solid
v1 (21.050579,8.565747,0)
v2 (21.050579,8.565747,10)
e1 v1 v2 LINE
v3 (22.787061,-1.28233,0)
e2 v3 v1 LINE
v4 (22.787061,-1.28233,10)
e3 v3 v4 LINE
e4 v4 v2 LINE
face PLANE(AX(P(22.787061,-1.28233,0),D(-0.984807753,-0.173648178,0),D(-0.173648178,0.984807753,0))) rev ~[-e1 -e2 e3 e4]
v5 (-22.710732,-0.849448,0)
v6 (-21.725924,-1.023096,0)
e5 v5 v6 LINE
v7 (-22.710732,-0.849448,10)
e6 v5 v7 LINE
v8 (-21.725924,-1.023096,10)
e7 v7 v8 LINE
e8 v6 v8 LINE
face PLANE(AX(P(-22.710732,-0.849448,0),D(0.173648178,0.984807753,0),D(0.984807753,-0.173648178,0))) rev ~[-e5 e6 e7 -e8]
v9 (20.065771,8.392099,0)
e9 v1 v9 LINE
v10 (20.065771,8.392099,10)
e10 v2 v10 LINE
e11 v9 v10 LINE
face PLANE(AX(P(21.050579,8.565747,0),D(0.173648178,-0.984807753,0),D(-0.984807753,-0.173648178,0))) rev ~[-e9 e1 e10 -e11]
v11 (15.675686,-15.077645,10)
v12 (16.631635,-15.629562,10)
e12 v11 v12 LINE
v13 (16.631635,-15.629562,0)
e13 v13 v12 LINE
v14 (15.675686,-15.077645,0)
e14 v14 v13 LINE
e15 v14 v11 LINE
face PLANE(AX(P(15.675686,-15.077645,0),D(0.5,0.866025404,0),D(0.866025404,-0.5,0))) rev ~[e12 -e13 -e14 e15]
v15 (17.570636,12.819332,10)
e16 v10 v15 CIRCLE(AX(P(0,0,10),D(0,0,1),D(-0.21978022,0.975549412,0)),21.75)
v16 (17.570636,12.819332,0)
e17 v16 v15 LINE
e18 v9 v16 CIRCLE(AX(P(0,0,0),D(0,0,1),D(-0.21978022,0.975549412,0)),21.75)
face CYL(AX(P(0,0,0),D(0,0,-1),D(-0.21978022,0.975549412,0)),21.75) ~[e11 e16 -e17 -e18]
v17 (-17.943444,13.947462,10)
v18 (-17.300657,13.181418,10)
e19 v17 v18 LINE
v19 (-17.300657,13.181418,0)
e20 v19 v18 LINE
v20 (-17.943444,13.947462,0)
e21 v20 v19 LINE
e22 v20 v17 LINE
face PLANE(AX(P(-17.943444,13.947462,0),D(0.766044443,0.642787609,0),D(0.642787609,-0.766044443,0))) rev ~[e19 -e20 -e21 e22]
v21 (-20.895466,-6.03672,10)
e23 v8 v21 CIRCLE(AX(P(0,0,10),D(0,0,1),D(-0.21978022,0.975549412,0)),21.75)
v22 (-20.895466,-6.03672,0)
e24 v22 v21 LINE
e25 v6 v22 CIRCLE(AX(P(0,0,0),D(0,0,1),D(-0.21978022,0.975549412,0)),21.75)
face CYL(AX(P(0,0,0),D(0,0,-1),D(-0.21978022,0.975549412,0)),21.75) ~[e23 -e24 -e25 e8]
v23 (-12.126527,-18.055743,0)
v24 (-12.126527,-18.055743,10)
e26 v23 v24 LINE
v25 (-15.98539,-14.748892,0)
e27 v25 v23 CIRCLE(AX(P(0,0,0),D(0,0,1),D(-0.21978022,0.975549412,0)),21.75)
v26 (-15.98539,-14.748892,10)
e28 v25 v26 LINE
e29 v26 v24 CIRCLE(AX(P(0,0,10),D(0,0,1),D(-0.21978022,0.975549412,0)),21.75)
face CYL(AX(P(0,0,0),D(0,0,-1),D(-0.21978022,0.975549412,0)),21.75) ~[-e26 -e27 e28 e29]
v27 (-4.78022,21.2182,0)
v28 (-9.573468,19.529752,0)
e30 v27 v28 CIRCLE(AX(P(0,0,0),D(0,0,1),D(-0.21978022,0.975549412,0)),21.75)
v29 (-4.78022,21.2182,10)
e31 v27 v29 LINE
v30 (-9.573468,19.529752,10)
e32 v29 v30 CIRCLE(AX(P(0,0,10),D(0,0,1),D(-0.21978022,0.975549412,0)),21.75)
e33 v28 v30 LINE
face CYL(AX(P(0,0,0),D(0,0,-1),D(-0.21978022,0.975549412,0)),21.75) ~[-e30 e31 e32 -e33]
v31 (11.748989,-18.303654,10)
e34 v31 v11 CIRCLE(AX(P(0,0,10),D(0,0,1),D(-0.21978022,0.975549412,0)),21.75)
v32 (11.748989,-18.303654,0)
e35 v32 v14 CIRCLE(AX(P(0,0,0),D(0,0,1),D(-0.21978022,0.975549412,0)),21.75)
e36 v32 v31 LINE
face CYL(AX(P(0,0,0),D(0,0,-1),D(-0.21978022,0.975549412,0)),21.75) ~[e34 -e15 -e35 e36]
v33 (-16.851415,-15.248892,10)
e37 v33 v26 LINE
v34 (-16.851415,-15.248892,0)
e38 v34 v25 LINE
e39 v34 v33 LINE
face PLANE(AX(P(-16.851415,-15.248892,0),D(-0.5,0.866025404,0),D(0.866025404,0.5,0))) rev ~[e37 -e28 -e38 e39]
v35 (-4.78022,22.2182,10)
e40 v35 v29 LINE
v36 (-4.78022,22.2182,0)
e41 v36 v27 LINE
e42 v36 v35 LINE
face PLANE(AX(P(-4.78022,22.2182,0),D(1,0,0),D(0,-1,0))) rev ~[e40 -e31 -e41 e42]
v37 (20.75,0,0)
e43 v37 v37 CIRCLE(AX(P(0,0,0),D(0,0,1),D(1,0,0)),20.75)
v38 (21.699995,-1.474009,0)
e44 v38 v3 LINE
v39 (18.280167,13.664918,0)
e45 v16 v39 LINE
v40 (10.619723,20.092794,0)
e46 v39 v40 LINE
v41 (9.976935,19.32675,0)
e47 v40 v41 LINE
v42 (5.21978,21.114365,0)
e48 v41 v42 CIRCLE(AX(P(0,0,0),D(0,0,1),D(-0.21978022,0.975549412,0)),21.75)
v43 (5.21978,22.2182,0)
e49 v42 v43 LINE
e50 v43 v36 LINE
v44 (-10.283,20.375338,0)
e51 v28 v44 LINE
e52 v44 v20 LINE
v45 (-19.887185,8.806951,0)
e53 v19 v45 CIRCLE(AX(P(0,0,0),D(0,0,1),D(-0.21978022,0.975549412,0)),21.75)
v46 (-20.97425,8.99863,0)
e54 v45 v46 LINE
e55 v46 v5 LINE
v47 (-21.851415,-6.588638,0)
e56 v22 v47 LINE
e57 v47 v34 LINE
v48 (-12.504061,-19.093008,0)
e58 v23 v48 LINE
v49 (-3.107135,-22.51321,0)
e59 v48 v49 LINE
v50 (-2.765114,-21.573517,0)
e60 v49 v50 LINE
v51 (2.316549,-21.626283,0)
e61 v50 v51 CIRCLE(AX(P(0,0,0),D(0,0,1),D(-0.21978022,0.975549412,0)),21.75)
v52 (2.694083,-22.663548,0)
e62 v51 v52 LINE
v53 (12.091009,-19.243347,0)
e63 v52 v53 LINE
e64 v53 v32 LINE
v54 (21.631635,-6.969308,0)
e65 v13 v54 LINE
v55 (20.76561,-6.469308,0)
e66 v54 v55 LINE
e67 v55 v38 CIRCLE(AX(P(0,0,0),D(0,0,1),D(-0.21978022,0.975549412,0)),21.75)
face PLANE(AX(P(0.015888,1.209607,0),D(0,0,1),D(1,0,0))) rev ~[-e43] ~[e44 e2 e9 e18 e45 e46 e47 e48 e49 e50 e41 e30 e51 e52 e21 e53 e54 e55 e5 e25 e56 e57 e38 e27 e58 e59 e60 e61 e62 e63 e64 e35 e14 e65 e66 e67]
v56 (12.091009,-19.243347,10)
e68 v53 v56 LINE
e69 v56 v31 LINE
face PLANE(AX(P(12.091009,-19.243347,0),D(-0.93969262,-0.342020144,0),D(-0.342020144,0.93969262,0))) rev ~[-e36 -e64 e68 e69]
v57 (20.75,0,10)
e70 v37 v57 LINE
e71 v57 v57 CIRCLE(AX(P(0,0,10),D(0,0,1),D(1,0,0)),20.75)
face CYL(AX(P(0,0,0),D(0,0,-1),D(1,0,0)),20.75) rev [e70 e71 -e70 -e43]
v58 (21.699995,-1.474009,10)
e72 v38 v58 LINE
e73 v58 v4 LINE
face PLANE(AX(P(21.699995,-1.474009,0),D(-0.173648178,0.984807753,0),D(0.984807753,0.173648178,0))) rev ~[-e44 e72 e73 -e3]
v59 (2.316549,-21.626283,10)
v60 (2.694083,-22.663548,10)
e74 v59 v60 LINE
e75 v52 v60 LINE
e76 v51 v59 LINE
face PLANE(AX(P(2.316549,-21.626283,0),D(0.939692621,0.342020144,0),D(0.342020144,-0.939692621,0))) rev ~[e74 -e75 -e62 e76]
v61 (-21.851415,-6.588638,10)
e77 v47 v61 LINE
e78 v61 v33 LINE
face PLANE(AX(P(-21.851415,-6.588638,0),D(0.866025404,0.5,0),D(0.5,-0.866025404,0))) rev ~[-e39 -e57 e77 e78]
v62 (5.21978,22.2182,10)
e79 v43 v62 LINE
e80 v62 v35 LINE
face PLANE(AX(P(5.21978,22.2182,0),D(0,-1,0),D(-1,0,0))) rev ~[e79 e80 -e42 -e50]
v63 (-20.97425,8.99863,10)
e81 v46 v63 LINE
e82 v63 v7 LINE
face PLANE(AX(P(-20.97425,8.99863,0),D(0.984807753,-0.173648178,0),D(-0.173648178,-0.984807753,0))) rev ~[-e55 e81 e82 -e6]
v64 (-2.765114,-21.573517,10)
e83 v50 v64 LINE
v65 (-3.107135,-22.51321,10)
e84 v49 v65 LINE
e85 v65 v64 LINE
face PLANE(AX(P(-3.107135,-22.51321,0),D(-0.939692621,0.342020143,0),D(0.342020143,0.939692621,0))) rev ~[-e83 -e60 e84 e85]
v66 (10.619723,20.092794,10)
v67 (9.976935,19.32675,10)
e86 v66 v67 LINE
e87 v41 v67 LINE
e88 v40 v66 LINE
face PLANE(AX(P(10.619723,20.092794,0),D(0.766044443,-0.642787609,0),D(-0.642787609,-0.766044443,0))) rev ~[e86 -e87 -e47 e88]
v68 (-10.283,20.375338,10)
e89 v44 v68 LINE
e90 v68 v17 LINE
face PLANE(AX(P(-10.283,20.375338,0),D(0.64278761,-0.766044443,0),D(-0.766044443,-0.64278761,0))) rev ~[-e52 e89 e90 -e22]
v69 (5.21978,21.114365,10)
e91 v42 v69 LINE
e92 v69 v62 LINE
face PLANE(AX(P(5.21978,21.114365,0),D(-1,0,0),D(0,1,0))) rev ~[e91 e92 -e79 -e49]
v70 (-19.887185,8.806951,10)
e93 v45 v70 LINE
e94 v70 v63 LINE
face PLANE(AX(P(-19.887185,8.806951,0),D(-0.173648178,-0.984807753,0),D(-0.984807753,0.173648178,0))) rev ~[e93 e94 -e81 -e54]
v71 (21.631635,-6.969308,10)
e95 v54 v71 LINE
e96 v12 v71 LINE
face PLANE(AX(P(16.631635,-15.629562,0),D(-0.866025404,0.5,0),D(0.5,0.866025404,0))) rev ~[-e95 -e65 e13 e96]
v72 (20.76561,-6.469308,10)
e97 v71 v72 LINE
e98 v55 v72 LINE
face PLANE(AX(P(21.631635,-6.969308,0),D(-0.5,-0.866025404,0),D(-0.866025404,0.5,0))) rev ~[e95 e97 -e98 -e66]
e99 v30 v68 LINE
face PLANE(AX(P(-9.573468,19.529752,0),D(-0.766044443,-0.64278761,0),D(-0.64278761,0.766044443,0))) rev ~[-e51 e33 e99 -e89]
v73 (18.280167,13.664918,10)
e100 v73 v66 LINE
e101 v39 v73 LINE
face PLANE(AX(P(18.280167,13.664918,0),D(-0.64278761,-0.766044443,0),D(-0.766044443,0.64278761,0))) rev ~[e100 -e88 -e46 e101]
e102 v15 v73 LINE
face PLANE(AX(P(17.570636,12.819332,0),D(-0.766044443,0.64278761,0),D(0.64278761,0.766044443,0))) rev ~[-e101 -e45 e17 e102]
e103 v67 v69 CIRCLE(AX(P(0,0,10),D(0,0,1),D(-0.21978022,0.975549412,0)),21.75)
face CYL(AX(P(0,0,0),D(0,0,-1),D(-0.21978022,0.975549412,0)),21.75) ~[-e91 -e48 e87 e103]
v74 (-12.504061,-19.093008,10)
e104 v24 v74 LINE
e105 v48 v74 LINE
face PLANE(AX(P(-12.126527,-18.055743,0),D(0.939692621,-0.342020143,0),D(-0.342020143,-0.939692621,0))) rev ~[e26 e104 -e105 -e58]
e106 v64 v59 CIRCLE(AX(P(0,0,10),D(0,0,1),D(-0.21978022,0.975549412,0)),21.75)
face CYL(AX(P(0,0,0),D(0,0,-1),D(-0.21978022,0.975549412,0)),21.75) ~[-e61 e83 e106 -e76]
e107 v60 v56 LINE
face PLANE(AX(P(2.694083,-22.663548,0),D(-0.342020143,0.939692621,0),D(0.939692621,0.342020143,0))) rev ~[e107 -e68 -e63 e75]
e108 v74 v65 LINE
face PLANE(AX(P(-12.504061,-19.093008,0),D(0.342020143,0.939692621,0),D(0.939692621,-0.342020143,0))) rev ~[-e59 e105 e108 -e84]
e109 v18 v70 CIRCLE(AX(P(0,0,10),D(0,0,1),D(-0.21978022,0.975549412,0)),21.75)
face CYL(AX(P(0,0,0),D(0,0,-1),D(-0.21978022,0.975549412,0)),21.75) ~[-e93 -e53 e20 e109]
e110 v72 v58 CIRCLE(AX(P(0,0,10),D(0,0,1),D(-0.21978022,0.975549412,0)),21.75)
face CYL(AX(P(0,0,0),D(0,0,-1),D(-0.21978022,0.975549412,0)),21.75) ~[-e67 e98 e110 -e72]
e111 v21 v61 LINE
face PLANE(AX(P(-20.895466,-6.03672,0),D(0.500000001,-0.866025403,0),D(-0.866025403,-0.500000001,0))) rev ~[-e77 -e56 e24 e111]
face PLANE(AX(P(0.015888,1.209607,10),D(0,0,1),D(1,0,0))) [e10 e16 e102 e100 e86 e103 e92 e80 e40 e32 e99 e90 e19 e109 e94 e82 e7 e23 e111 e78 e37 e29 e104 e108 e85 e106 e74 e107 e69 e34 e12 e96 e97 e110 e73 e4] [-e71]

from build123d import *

# Parameters (mm, degrees)
CROQUIS1_R              = 20.75
SALIENTE_EXTRUIR1_DEPTH = 10


with BuildPart() as part:
    # Croquis1 → Saliente-Extruir1 (new body)
    with BuildSketch(Plane.XY):
        with BuildLine():
            ThreePointArc((-4.78021978, 21.218199708), (-0.225829084, -21.748827583), (5.21978022, 21.114364647))
            Line((5.21978022, 21.114364647), (5.21978022, 22.218199708))
            Line((5.21978022, 22.218199708), (-4.78021978, 22.218199708))
            Line((-4.78021978, 22.218199708), (-4.78021978, 21.218199708))
        make_face()
        Circle(CROQUIS1_R, mode=Mode.SUBTRACT)
        with BuildLine():
            ThreePointArc((-17.300656672, 13.181417933), (-13.806881781, 16.805728651), (-9.57346835, 19.529751759))
            Line((-9.57346835, 19.529751759), (-10.28299985, 20.375338473))
            Line((-10.28299985, 20.375338473), (-17.943444281, 13.947462376))
            Line((-17.943444281, 13.947462376), (-17.300656672, 13.181417933))
        make_face()
        with BuildLine():
            Line((18.280167114, 13.664918372), (10.619722682, 20.092794469))
            Line((10.619722682, 20.092794469), (9.976935073, 19.326750026))
            ThreePointArc((9.976935073, 19.326750026), (14.15287201, 16.515408377), (17.570635613, 12.819331657))
            Line((17.570635613, 12.819331657), (18.280167114, 13.664918372))
        make_face()
        with BuildLine():
            ThreePointArc((-21.725924031, -1.023095788), (-21.379199214, 3.999042508), (-19.887184682, 8.806950973))
            Line((-19.887184682, 8.806950973), (-20.974250008, 8.99862992))
            Line((-20.974250008, 8.99862992), (-22.710731784, -0.84944761))
            Line((-22.710731784, -0.84944761), (-21.725924031, -1.023095788))
        make_face()
        with BuildLine():
            Line((21.050578877, 8.565747391), (20.065771124, 8.392099213))
            ThreePointArc((20.065771124, 8.392099213), (21.457628831, 3.554246044), (21.699995328, -1.474009086))
            Line((21.699995328, -1.474009086), (22.787060653, -1.282330139))
            Line((22.787060653, -1.282330139), (21.050578877, 8.565747391))
        make_face()
        with BuildLine():
            Line((21.631635264, -6.969308089), (20.76560986, -6.469308089))
            ThreePointArc((20.76560986, -6.469308089), (18.722122647, -11.069987515), (15.675686059, -15.077644596))
            Line((15.675686059, -15.077644596), (16.631635264, -15.629562127))
            Line((16.631635264, -15.629562127), (21.631635264, -6.969308089))
        make_face()
        with BuildLine():
            ThreePointArc((-15.98539008, -14.748891619), (-18.947951731, -10.678840068), (-20.895466279, -6.036720051))
            Line((-20.895466279, -6.036720051), (-21.851415483, -6.588637582))
            Line((-21.851415483, -6.588637582), (-16.851415483, -15.248891619))
            Line((-16.851415483, -15.248891619), (-15.98539008, -14.748891619))
        make_face()
        with BuildLine():
            Line((-3.107134595, -22.513209767), (-2.765114452, -21.573517146))
            ThreePointArc((-2.765114452, -21.573517146), (-7.65074705, -20.359974695), (-12.126526978, -18.055742673))
            Line((-12.126526978, -18.055742673), (-12.504060803, -19.093008334))
            Line((-12.504060803, -19.093008334), (-3.107134595, -22.513209767))
        make_face()
        with BuildLine():
            Line((12.091009102, -19.243346858), (11.748988958, -18.303654238))
            ThreePointArc((11.748988958, -18.303654238), (7.226327204, -20.514450886), (2.316549068, -21.626282631))
            Line((2.316549068, -21.626282631), (2.694082894, -22.663548292))
            Line((2.694082894, -22.663548292), (12.091009102, -19.243346858))
        make_face()
    extrude(amount=SALIENTE_EXTRUIR1_DEPTH)


solid = part.part
